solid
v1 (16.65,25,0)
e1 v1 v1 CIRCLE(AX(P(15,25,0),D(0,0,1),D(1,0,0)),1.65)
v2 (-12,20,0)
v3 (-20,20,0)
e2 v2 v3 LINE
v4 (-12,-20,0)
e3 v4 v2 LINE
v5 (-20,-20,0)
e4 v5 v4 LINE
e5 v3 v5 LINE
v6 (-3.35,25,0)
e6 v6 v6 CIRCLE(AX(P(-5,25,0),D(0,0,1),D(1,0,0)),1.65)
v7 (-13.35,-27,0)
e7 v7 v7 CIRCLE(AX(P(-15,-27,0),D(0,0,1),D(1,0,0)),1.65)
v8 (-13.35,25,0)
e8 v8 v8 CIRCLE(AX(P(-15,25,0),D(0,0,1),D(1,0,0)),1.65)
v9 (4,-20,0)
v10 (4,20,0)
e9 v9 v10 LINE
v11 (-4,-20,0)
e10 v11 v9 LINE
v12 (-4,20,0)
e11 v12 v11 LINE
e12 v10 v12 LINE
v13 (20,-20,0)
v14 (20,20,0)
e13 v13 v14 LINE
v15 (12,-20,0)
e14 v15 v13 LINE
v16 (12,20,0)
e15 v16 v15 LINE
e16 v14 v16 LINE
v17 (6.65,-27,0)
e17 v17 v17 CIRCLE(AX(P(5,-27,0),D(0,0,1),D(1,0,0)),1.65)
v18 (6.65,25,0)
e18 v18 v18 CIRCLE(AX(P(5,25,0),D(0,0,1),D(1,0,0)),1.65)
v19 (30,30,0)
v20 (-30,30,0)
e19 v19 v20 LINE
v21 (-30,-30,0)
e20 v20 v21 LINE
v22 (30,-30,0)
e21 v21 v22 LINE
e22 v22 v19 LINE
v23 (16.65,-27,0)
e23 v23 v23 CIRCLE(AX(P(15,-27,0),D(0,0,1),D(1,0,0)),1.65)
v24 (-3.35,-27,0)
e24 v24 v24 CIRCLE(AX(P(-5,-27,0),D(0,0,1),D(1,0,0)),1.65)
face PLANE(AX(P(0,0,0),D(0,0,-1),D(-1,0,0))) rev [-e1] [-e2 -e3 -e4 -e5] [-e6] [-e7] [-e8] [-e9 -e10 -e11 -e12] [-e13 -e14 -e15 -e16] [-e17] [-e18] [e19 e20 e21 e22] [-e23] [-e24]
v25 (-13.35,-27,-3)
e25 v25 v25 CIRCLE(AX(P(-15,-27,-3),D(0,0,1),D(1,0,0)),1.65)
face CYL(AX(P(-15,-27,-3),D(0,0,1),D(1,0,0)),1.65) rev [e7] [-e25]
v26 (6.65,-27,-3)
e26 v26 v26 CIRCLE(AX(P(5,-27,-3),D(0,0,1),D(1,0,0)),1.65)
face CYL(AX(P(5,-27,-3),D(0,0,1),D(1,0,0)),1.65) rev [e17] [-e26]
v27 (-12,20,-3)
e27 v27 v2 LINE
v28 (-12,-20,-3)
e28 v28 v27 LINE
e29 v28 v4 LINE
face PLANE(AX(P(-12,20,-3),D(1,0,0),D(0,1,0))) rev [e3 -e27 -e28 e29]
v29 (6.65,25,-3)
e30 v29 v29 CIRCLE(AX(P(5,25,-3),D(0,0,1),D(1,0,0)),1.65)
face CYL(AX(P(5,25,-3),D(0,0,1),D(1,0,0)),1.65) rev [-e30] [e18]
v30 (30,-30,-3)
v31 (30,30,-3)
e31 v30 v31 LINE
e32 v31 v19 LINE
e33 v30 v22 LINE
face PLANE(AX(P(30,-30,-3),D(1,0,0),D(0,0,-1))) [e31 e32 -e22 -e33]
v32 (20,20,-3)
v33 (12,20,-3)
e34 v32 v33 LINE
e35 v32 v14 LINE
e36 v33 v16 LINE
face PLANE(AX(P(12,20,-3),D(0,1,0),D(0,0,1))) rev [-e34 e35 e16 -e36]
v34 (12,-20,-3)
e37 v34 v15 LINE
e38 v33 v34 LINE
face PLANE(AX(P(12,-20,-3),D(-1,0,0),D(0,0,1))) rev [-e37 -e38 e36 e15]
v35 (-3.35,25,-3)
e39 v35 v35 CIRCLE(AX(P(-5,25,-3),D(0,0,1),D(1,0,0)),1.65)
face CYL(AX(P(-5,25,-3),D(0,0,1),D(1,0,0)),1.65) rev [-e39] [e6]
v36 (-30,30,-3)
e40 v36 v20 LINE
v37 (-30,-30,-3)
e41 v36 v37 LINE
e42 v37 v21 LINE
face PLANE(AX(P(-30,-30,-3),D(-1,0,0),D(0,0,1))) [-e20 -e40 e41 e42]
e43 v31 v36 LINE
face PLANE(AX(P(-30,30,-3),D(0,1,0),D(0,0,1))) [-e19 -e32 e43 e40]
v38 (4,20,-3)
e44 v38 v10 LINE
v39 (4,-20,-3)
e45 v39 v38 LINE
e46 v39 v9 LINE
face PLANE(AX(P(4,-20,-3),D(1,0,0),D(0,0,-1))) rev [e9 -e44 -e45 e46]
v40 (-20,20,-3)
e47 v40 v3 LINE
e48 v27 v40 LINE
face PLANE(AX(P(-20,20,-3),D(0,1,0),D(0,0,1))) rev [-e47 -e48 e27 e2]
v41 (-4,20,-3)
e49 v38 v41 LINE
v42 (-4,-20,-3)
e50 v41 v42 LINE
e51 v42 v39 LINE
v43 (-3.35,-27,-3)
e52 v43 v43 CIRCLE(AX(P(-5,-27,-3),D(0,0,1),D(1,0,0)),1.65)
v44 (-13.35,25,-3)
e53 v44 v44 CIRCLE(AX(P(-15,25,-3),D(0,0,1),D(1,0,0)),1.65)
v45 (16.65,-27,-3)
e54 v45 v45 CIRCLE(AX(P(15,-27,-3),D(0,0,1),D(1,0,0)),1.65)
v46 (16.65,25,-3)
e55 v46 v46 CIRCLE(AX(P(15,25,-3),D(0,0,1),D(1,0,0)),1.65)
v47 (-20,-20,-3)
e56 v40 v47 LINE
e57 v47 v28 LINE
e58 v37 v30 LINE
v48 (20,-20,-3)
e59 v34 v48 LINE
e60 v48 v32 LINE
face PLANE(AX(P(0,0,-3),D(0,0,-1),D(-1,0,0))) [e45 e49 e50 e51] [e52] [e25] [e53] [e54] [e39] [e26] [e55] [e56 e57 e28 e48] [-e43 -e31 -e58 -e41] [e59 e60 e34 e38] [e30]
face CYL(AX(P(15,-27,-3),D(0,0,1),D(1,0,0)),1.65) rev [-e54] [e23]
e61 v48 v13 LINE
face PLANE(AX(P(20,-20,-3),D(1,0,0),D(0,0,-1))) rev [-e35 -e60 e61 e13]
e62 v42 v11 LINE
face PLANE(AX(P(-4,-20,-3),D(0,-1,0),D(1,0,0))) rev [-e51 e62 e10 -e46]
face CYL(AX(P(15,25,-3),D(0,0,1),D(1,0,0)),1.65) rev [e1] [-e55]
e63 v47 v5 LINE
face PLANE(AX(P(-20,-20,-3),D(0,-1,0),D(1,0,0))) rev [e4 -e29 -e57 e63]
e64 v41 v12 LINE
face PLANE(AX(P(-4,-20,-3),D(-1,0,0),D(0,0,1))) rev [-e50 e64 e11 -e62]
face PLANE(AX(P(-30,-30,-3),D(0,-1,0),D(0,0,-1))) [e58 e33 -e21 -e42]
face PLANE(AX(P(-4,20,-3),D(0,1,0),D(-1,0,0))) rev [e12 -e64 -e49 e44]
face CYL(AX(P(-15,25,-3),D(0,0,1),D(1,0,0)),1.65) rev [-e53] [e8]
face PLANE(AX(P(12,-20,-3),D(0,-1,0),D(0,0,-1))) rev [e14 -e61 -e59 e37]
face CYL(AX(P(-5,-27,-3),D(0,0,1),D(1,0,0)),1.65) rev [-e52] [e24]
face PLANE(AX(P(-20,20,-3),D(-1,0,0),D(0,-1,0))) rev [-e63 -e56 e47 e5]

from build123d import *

# Parameters (mm, degrees)
ESQUISSE1_W             = 60
ESQUISSE1_H             = 60
ESQUISSE1_R             = 1.65
BOSS_EXTRU_1_DEPTH      = 3
ESQUISSE2_W             = 8
ESQUISSE2_H             = 40
ENL_V_MAT_EXTRU_1_DEPTH = 3


with BuildPart() as part:
    # Esquisse1 → Boss.-Extru.1 (new body)
    with BuildSketch(Plane.XY):
        Rectangle(ESQUISSE1_W, ESQUISSE1_H)
        with Locations((-15, 25)):
            Circle(ESQUISSE1_R, mode=Mode.SUBTRACT)
        with Locations((5, 25)):
            Circle(ESQUISSE1_R, mode=Mode.SUBTRACT)
        with Locations((15, 25)):
            Circle(ESQUISSE1_R, mode=Mode.SUBTRACT)
        with Locations((-5, 25)):
            Circle(ESQUISSE1_R, mode=Mode.SUBTRACT)
        with Locations((-15, -27)):
            Circle(ESQUISSE1_R, mode=Mode.SUBTRACT)
        with Locations((-5, -27)):
            Circle(ESQUISSE1_R, mode=Mode.SUBTRACT)
        with Locations((5, -27)):
            Circle(ESQUISSE1_R, mode=Mode.SUBTRACT)
        with Locations((15, -27)):
            Circle(ESQUISSE1_R, mode=Mode.SUBTRACT)
    extrude(amount=-BOSS_EXTRU_1_DEPTH)

    # Esquisse2 → Enlèv. mat.-Extru.1 (cut)
    with BuildSketch(Plane.XY):
        with Locations((-16, 0)):
            Rectangle(ESQUISSE2_W, ESQUISSE2_H)
        Rectangle(ESQUISSE2_W, ESQUISSE2_H)
        with Locations((16, 0)):
            Rectangle(ESQUISSE2_W, ESQUISSE2_H)
    extrude(amount=-ENL_V_MAT_EXTRU_1_DEPTH, mode=Mode.SUBTRACT)


solid = part.part
